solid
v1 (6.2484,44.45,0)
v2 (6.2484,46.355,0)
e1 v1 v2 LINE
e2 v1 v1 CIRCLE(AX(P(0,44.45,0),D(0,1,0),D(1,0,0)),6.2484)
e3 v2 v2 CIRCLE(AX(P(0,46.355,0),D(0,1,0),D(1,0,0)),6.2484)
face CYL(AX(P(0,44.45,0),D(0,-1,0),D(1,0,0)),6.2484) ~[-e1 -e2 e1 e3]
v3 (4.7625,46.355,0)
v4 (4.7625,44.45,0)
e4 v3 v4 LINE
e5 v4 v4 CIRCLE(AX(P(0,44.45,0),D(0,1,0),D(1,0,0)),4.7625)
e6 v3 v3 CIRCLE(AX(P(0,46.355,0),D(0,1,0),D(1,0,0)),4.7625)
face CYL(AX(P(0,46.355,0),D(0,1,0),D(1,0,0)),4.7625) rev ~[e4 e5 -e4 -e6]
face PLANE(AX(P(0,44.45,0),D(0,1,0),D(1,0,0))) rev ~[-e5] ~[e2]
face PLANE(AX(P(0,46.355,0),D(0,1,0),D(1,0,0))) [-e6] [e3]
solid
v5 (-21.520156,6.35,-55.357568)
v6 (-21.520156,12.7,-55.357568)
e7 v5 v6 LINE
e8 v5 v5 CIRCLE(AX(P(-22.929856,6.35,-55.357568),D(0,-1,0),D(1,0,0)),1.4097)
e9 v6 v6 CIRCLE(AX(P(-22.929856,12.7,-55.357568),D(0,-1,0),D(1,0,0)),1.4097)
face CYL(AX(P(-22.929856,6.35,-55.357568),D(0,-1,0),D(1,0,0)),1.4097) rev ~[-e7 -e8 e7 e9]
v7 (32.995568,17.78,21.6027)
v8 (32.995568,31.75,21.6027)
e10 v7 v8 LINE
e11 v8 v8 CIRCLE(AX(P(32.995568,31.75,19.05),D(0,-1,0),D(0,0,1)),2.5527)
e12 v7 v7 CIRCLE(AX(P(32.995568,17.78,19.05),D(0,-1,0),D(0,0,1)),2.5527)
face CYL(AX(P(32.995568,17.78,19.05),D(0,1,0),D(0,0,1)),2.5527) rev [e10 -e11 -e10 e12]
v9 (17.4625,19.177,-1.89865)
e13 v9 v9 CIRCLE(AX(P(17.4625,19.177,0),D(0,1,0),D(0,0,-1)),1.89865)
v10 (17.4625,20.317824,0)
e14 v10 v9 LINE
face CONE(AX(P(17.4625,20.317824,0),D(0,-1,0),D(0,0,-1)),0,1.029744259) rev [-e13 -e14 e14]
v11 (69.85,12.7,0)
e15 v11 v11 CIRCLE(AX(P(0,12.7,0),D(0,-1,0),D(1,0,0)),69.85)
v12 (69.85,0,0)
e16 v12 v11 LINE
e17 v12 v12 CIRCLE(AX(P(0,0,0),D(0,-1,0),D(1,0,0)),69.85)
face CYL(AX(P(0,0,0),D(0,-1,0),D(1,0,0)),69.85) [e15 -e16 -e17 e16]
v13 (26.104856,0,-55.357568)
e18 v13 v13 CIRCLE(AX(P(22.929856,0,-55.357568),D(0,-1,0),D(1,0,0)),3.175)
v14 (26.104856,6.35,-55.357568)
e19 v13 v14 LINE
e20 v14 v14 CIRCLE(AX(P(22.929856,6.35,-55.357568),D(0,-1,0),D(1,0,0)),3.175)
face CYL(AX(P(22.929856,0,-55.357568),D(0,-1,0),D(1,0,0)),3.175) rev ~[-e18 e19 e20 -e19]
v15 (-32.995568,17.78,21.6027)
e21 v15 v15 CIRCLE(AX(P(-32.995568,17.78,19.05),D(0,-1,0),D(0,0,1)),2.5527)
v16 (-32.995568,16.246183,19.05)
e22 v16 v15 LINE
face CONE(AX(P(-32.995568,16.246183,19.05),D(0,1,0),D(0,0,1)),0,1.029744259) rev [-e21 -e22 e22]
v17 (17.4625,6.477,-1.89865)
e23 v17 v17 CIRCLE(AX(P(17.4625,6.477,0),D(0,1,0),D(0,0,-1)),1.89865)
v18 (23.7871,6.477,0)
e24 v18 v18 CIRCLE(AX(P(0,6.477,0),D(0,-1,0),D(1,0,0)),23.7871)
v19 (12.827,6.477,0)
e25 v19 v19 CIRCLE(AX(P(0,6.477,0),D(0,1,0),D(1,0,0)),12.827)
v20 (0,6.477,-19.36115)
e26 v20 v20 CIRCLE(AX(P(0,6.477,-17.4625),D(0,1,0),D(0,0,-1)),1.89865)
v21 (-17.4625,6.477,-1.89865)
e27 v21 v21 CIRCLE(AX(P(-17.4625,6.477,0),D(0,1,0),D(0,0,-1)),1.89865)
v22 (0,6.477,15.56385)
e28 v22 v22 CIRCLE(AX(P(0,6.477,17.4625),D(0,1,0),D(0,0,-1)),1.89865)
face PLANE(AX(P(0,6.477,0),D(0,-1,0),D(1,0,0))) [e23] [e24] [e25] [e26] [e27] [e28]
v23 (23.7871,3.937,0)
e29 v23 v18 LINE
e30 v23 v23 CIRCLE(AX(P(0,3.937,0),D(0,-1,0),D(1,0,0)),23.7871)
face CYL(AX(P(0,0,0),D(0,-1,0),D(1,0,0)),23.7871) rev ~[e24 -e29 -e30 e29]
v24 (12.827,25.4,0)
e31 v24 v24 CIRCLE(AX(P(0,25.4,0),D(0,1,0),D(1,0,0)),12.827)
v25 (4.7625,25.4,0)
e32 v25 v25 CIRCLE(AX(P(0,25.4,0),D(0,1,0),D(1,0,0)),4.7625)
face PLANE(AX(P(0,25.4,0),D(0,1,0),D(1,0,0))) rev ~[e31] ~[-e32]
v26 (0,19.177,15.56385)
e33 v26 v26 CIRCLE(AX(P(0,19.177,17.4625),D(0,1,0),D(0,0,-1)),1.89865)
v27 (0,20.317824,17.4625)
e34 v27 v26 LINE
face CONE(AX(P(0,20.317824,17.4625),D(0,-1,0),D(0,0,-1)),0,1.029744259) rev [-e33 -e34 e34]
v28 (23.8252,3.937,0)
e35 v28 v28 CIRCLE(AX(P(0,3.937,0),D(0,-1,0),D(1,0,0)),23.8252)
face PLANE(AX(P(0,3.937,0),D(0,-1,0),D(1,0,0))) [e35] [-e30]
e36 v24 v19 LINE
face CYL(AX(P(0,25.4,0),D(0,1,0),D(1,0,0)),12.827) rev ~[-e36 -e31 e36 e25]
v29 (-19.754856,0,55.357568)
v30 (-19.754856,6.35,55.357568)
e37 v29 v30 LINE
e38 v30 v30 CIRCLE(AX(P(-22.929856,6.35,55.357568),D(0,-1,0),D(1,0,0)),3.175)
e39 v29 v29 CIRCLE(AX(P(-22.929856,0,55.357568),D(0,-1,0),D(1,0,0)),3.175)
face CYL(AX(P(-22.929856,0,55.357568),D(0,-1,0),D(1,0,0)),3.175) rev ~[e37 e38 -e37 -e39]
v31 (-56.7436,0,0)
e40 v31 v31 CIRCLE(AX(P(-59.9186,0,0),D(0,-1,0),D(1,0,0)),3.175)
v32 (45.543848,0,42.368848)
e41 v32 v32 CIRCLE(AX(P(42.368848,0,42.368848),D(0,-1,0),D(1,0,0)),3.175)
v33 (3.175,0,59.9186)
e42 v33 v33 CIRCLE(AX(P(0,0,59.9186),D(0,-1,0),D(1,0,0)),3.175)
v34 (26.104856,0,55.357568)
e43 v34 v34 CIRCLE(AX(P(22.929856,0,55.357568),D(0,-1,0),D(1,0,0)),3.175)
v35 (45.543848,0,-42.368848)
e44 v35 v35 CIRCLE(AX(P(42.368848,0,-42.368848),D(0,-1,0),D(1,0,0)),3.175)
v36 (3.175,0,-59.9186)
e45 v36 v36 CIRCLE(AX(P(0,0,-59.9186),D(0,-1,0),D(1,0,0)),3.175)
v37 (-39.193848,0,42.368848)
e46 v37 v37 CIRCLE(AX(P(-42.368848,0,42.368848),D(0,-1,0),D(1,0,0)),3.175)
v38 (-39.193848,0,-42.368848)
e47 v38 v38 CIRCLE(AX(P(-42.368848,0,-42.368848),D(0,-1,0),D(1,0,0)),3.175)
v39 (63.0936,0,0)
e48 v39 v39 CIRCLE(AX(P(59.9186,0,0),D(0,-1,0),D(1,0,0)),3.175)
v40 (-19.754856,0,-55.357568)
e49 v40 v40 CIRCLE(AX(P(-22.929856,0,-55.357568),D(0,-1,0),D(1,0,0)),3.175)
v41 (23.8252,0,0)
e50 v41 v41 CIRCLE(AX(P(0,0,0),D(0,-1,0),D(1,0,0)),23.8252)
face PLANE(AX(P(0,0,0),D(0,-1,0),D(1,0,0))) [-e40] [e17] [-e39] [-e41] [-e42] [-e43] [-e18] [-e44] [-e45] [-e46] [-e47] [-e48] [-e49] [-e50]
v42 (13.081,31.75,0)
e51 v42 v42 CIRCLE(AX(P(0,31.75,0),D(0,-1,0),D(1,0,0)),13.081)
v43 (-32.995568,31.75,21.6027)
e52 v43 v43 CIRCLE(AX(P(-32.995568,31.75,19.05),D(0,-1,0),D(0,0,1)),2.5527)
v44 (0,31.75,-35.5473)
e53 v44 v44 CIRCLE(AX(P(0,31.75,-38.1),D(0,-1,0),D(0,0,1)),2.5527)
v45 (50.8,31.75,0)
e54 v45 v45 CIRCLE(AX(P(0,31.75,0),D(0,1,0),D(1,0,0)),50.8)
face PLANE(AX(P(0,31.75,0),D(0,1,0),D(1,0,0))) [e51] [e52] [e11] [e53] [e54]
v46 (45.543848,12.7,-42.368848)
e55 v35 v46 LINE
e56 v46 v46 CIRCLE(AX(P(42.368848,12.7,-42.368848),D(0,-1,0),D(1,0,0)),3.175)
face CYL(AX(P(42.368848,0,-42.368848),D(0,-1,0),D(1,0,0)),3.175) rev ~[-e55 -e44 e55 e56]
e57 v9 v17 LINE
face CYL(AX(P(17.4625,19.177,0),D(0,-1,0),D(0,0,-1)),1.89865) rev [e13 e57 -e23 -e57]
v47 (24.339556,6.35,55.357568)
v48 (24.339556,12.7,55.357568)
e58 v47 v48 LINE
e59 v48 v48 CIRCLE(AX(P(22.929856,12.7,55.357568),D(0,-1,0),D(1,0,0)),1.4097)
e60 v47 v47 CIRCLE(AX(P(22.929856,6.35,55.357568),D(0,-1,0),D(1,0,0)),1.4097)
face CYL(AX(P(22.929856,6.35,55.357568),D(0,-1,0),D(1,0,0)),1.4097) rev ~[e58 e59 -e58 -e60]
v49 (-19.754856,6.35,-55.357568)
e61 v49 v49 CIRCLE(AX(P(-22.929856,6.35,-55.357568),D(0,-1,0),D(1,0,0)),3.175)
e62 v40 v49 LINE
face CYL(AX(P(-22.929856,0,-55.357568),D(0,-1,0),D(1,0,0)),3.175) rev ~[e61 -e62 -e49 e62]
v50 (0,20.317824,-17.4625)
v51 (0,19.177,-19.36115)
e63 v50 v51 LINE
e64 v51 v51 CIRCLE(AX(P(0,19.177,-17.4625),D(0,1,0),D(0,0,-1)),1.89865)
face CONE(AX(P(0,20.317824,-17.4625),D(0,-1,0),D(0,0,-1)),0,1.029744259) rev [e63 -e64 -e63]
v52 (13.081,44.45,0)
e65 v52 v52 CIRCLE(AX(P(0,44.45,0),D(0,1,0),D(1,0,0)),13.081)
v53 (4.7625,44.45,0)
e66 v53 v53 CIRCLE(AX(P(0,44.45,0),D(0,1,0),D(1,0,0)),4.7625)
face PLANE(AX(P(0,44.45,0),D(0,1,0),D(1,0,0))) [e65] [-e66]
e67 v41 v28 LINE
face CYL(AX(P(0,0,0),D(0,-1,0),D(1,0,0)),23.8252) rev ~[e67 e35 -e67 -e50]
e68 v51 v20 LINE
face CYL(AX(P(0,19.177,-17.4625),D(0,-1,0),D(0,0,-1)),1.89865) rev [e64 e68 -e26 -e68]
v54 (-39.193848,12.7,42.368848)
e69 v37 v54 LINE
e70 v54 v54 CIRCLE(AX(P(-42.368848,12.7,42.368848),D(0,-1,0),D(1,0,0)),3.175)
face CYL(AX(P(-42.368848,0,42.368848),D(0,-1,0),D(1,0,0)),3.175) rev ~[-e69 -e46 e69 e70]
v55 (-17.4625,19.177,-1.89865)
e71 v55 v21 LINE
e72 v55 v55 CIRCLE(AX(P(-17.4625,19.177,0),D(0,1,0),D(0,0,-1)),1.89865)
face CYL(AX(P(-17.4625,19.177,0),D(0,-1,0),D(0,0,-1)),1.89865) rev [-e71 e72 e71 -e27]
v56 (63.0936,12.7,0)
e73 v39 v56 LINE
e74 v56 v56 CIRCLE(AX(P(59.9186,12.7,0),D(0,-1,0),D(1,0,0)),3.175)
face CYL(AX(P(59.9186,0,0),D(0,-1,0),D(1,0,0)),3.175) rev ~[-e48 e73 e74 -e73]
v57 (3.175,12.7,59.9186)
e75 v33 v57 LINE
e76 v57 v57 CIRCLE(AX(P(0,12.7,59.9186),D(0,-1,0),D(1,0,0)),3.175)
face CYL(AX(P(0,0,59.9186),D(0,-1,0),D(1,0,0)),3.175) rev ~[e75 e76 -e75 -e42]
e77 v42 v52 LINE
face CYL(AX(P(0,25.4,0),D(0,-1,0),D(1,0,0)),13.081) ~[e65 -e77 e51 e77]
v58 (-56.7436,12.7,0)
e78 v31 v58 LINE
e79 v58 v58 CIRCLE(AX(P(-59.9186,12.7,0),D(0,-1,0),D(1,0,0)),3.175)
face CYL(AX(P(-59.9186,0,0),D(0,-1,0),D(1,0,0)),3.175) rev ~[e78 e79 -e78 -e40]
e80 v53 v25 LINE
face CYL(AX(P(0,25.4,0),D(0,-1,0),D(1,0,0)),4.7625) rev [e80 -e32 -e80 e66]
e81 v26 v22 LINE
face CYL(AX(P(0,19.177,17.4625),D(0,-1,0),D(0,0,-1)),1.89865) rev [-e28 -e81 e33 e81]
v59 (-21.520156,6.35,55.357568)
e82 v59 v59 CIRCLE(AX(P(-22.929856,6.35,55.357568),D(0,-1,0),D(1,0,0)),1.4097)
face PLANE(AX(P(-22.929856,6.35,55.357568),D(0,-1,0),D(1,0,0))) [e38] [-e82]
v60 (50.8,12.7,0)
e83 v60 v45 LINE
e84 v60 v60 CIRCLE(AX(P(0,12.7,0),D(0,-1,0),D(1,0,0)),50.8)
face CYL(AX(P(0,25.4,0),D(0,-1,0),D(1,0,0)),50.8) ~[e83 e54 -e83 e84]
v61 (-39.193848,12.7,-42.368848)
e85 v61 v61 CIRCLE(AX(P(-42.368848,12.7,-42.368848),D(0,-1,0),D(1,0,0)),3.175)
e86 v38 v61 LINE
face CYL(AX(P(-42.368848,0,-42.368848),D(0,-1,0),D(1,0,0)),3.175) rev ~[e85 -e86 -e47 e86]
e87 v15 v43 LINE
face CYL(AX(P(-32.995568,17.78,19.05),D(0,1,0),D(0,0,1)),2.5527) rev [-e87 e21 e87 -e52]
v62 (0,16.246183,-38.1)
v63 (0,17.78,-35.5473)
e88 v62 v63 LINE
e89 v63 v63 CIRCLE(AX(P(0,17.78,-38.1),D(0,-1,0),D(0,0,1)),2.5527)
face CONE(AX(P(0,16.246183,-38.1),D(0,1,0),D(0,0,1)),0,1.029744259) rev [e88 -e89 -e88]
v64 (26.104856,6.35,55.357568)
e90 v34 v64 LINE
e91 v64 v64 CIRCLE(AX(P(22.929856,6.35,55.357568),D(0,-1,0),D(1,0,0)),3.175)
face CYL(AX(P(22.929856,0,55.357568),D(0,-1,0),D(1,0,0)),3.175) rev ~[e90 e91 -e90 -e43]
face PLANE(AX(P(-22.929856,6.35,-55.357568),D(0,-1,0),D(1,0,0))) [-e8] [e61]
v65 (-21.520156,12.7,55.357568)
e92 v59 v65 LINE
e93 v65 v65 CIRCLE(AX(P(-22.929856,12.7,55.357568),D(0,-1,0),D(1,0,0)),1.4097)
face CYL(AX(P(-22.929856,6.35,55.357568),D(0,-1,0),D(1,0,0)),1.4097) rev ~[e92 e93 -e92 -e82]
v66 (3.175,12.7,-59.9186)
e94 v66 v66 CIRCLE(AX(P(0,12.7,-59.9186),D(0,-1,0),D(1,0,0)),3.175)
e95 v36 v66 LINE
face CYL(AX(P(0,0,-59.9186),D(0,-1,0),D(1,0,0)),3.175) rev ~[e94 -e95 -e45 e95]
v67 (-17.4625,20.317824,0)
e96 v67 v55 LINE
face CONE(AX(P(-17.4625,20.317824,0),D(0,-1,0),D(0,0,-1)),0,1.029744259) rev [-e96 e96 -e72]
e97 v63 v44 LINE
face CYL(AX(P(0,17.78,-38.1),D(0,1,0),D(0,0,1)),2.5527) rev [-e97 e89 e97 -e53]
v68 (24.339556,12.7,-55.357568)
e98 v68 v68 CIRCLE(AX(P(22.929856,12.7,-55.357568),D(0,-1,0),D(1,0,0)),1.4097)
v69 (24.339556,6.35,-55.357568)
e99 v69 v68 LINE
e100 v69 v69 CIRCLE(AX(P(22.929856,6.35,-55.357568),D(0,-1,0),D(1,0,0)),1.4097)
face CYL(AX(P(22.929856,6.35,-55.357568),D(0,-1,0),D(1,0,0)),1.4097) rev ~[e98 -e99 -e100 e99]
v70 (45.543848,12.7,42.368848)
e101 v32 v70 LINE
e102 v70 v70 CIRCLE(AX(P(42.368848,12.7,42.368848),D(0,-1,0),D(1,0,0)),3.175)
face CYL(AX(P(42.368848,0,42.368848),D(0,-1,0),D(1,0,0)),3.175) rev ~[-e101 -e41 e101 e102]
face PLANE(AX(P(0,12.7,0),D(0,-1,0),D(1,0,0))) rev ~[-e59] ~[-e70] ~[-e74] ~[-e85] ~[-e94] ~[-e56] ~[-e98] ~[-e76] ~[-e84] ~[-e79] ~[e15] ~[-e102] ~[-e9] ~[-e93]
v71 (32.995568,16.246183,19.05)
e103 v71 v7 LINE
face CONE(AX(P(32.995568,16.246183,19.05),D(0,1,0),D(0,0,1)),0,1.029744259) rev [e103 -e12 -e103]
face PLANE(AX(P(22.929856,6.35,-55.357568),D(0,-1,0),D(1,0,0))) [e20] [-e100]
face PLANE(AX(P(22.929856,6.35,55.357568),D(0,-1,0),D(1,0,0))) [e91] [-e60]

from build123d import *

# Parameters (mm, degrees)
SKETCH1_R                        = 50.8
BOSS_EXTRUDE1_DEPTH              = 25.4
SKETCH2_R                        = 69.85
SKETCH2_R_2                      = 50.8
BOSS_EXTRUDE2_DEPTH              = 12.7
CUT_EXTRUDE2_REACH               = 27.4
SKETCH4_R                        = 3.175
SKETCH5_R                        = 12.827
CUT_EXTRUDE3_DEPTH               = 19.05
CUT_EXTRUDE4_REACH               = 8.35
SKETCH6_R                        = 1.5875
SKETCH34_R                       = 13.081
SKETCH34_R_2                     = 4.7625
BOSS_EXTRUDE3_DEPTH              = 19.05
SKETCH40_R                       = 50.8
BOSS_EXTRUDE5_DEPTH              = 6.35
SKETCH38_R                       = 6.2484
BOSS_EXTRUDE4_DEPTH              = 1.905
SKETCH39_R                       = 4.7625
CUT_EXTRUDE7_DEPTH               = 6.35
SKETCH41_R                       = 4.7625
CUT_EXTRUDE8_DEPTH               = 6.35
SKETCH42_R                       = 23.7871
CUT_EXTRUDE9_DEPTH               = 6.477
F_10_24_TAPPED_HOLE1_AT_2_COUNT  = 2
F_10_24_TAPPED_HOLE1_AT_2_PITCH  = 24.695704333
F_10_24_TAPPED_HOLE1_AT_3_COUNT  = 2
F_10_24_TAPPED_HOLE1_AT_3_PITCH  = 34.925
F_10_24_TAPPED_HOLE1_AT_4_COUNT  = 2
F_10_24_TAPPED_HOLE1_AT_4_PITCH  = 24.695704333
SKETCH46_R                       = 3.175
CUT_EXTRUDE10_DEPTH              = 6.35
F_1_4_20_TAPPED_HOLE1_AT_2_COUNT = 2
F_1_4_20_TAPPED_HOLE1_AT_2_PITCH = 65.991135768
F_1_4_20_TAPPED_HOLE1_AT_3_COUNT = 2
F_1_4_20_TAPPED_HOLE1_AT_3_PITCH = 65.991135768
CUT_EXTRUDE11_START              = 6.477
SKETCH49_R                       = 23.8252
CUT_EXTRUDE11_DEPTH              = 3.937
SKETCH50_R                       = 1.4097
CUT_EXTRUDE12_DEPTH              = 41.005


with BuildPart() as part:
    # Sketch1 → Boss-Extrude1 (new body)
    with BuildSketch(Plane(origin=(0, 0, 0), x_dir=(1, 0, 0), z_dir=(0, 1, 0))):
        Circle(SKETCH1_R)
    extrude(amount=BOSS_EXTRUDE1_DEPTH)

    # Sketch2 → Boss-Extrude2 (add)
    with BuildSketch(Plane.XZ):
        Circle(SKETCH2_R)
        Circle(SKETCH2_R_2, mode=Mode.SUBTRACT)
    extrude(amount=-BOSS_EXTRUDE2_DEPTH)

    # Sketch4 → Cut-Extrude2 (cut, up to next)
    with BuildSketch(Plane.XZ, mode=Mode.PRIVATE) as cut_extrude2_sk1:
        with Locations((0, -59.9186)):
            Circle(SKETCH4_R)
    cut_extrude2_tool1 = extrude(cut_extrude2_sk1.sketch, amount=-CUT_EXTRUDE2_REACH, mode=Mode.PRIVATE) & part.part
    add(cut_extrude2_tool1.solids().sort_by_distance((0, 0, -59.9186))[0], mode=Mode.SUBTRACT)
    # Sketch4 → Cut-Extrude2 (cut, up to next)
    with BuildSketch(Plane.XZ, mode=Mode.PRIVATE) as cut_extrude2_sk2:
        with Locations((-42.368848379, -42.368848379)):
            Circle(SKETCH4_R)
    cut_extrude2_tool2 = extrude(cut_extrude2_sk2.sketch, amount=-CUT_EXTRUDE2_REACH, mode=Mode.PRIVATE) & part.part
    add(cut_extrude2_tool2.solids().sort_by_distance((-42.368848, 0, -42.368848))[0], mode=Mode.SUBTRACT)
    # Sketch4 → Cut-Extrude2 (cut, up to next)
    with BuildSketch(Plane.XZ, mode=Mode.PRIVATE) as cut_extrude2_sk3:
        with Locations((-59.9186, 0)):
            Circle(SKETCH4_R)
    cut_extrude2_tool3 = extrude(cut_extrude2_sk3.sketch, amount=-CUT_EXTRUDE2_REACH, mode=Mode.PRIVATE) & part.part
    add(cut_extrude2_tool3.solids().sort_by_distance((-59.9186, 0, 0))[0], mode=Mode.SUBTRACT)
    # Sketch4 → Cut-Extrude2 (cut, up to next)
    with BuildSketch(Plane.XZ, mode=Mode.PRIVATE) as cut_extrude2_sk4:
        with Locations((-42.368848379, 42.368848379)):
            Circle(SKETCH4_R)
    cut_extrude2_tool4 = extrude(cut_extrude2_sk4.sketch, amount=-CUT_EXTRUDE2_REACH, mode=Mode.PRIVATE) & part.part
    add(cut_extrude2_tool4.solids().sort_by_distance((-42.368848, 0, 42.368848))[0], mode=Mode.SUBTRACT)
    # Sketch4 → Cut-Extrude2 (cut, up to next)
    with BuildSketch(Plane.XZ, mode=Mode.PRIVATE) as cut_extrude2_sk5:
        with Locations((0, 59.9186)):
            Circle(SKETCH4_R)
    cut_extrude2_tool5 = extrude(cut_extrude2_sk5.sketch, amount=-CUT_EXTRUDE2_REACH, mode=Mode.PRIVATE) & part.part
    add(cut_extrude2_tool5.solids().sort_by_distance((0, 0, 59.9186))[0], mode=Mode.SUBTRACT)
    # Sketch4 → Cut-Extrude2 (cut, up to next)
    with BuildSketch(Plane.XZ, mode=Mode.PRIVATE) as cut_extrude2_sk6:
        with Locations((42.368848379, 42.368848379)):
            Circle(SKETCH4_R)
    cut_extrude2_tool6 = extrude(cut_extrude2_sk6.sketch, amount=-CUT_EXTRUDE2_REACH, mode=Mode.PRIVATE) & part.part
    add(cut_extrude2_tool6.solids().sort_by_distance((42.368848, 0, 42.368848))[0], mode=Mode.SUBTRACT)
    # Sketch4 → Cut-Extrude2 (cut, up to next)
    with BuildSketch(Plane.XZ, mode=Mode.PRIVATE) as cut_extrude2_sk7:
        with Locations((59.9186, 0)):
            Circle(SKETCH4_R)
    cut_extrude2_tool7 = extrude(cut_extrude2_sk7.sketch, amount=-CUT_EXTRUDE2_REACH, mode=Mode.PRIVATE) & part.part
    add(cut_extrude2_tool7.solids().sort_by_distance((59.9186, 0, 0))[0], mode=Mode.SUBTRACT)
    # Sketch4 → Cut-Extrude2 (cut, up to next)
    with BuildSketch(Plane.XZ, mode=Mode.PRIVATE) as cut_extrude2_sk8:
        with Locations((42.368848379, -42.368848379)):
            Circle(SKETCH4_R)
    cut_extrude2_tool8 = extrude(cut_extrude2_sk8.sketch, amount=-CUT_EXTRUDE2_REACH, mode=Mode.PRIVATE) & part.part
    add(cut_extrude2_tool8.solids().sort_by_distance((42.368848, 0, -42.368848))[0], mode=Mode.SUBTRACT)

    # Sketch5 → Cut-Extrude3 (cut)
    with BuildSketch(Plane(origin=(0, 25.4, 0), x_dir=(1, 0, 0), z_dir=(0, 1, 0))):
        Circle(SKETCH5_R)
    extrude(amount=-CUT_EXTRUDE3_DEPTH, mode=Mode.SUBTRACT)

    # Sketch6 → Cut-Extrude4 (cut, up to next)
    with BuildSketch(Plane(origin=(0, 6.35, 0), x_dir=(1, 0, 0), z_dir=(0, 1, 0)), mode=Mode.PRIVATE) as cut_extrude4_sk1:
        Circle(SKETCH6_R)
    cut_extrude4_tool1 = extrude(cut_extrude4_sk1.sketch, amount=-CUT_EXTRUDE4_REACH, mode=Mode.PRIVATE) & part.part
    add(cut_extrude4_tool1.solids().sort_by_distance((0, 6.35, 0))[0], mode=Mode.SUBTRACT)

    # Sketch34 → Boss-Extrude3 (add)
    with BuildSketch(Plane(origin=(0, 25.4, 0), x_dir=(1, 0, 0), z_dir=(0, 1, 0))):
        Circle(SKETCH34_R)
        Circle(SKETCH34_R_2, mode=Mode.SUBTRACT)
    extrude(amount=BOSS_EXTRUDE3_DEPTH)

    # Sketch40 → Boss-Extrude5 (add)
    with BuildSketch(Plane(origin=(0, 25.4, 0), x_dir=(1, 0, 0), z_dir=(0, 1, 0))):
        Circle(SKETCH40_R)
    extrude(amount=BOSS_EXTRUDE5_DEPTH)

    # Sketch41 → Cut-Extrude8 (cut)
    with BuildSketch(Plane(origin=(0, 31.75, 0), x_dir=(1, 0, 0), z_dir=(0, 1, 0))):
        Circle(SKETCH41_R)
    extrude(amount=-CUT_EXTRUDE8_DEPTH, mode=Mode.SUBTRACT)

    # Sketch42 → Cut-Extrude9 (cut)
    with BuildSketch(Plane.XZ):
        Circle(SKETCH42_R)
    extrude(amount=-CUT_EXTRUDE9_DEPTH, mode=Mode.SUBTRACT)

    # Sketch45 → #10-24 Tapped Hole1 (revolve, cut)
    with BuildSketch(Plane(origin=(0, 6.477, 17.4625), x_dir=(0, 0, -1), z_dir=(1, 0, 0))):
        Polygon((0, 0), (0, 13.840824014), (1.89865, 12.7), (1.89865, 0), align=None)
    f_10_24_tapped_hole1 = revolve(axis=Axis((0, 0.127, 17.4625), (0, 1, 0)), mode=Mode.SUBTRACT)

    # #10-24 Tapped Hole1 at 2: #10-24 Tapped Hole1 ×2
    with Locations(*[Vector(0.707106781, 0, -0.707106781) * (i * F_10_24_TAPPED_HOLE1_AT_2_PITCH) for i in range(1, F_10_24_TAPPED_HOLE1_AT_2_COUNT)]):
        add(f_10_24_tapped_hole1, mode=Mode.SUBTRACT)

    # #10-24 Tapped Hole1 at 3: #10-24 Tapped Hole1 ×2
    with Locations(*[(0, 0, -i * F_10_24_TAPPED_HOLE1_AT_3_PITCH) for i in range(1, F_10_24_TAPPED_HOLE1_AT_3_COUNT)]):
        add(f_10_24_tapped_hole1, mode=Mode.SUBTRACT)

    # #10-24 Tapped Hole1 at 4: #10-24 Tapped Hole1 ×2
    with Locations(*[Vector(-0.707106781, 0, -0.707106781) * (i * F_10_24_TAPPED_HOLE1_AT_4_PITCH) for i in range(1, F_10_24_TAPPED_HOLE1_AT_4_COUNT)]):
        add(f_10_24_tapped_hole1, mode=Mode.SUBTRACT)

    # Sketch46 → Cut-Extrude10 (cut)
    with BuildSketch(Plane.XZ):
        with Locations((-22.929855511, 55.357568157)):
            Circle(SKETCH46_R)
        with Locations((22.929855511, 55.357568157)):
            Circle(SKETCH46_R)
        with Locations((-22.929855511, -55.357568157)):
            Circle(SKETCH46_R)
        with Locations((22.929855511, -55.357568157)):
            Circle(SKETCH46_R)
    extrude(amount=-CUT_EXTRUDE10_DEPTH, mode=Mode.SUBTRACT)

    # Sketch48 → 1/4-20 Tapped Hole1 (revolve, cut)
    with BuildSketch(Plane(origin=(0, 31.75, -38.1), x_dir=(0, 0, 1), z_dir=(1, 0, 0))):
        Polygon((0, 0), (0, 15.503816902), (2.5527, 13.97), (2.5527, 0), align=None)
    f_1_4_20_tapped_hole1 = revolve(axis=Axis((0, 38.1, -38.1), (0, -1, 0)), mode=Mode.SUBTRACT)

    # 1/4-20 Tapped Hole1 at 2: 1/4-20 Tapped Hole1 ×2
    with Locations(*[Vector(0.5, 0, 0.866025404) * (i * F_1_4_20_TAPPED_HOLE1_AT_2_PITCH) for i in range(1, F_1_4_20_TAPPED_HOLE1_AT_2_COUNT)]):
        add(f_1_4_20_tapped_hole1, mode=Mode.SUBTRACT)

    # 1/4-20 Tapped Hole1 at 3: 1/4-20 Tapped Hole1 ×2
    with Locations(*[Vector(-0.5, 0, 0.866025404) * (i * F_1_4_20_TAPPED_HOLE1_AT_3_PITCH) for i in range(1, F_1_4_20_TAPPED_HOLE1_AT_3_COUNT)]):
        add(f_1_4_20_tapped_hole1, mode=Mode.SUBTRACT)

    # Sketch49 → Cut-Extrude11 (cut)
    with BuildSketch(Plane.XZ.offset(-6.477).offset(CUT_EXTRUDE11_START)):
        Circle(SKETCH49_R)
    extrude(amount=-CUT_EXTRUDE11_DEPTH, mode=Mode.SUBTRACT)

    # Sketch50 → Cut-Extrude12 (cut, through all)
    with BuildSketch(Plane.XZ.offset(-6.35)):
        with Locations((-22.929855511, 55.357568157)):
            Circle(SKETCH50_R)
        with Locations((22.929855511, 55.357568157)):
            Circle(SKETCH50_R)
        with Locations((-22.929855511, -55.357568157)):
            Circle(SKETCH50_R)
        with Locations((22.929855511, -55.357568157)):
            Circle(SKETCH50_R)
    extrude(amount=-CUT_EXTRUDE12_DEPTH, mode=Mode.SUBTRACT)


with BuildPart() as body_2:
    # Sketch38 → Boss-Extrude4 (new body)
    with BuildSketch(Plane(origin=(0, 44.45, 0), x_dir=(1, 0, 0), z_dir=(0, 1, 0))):
        Circle(SKETCH38_R)
    extrude(amount=BOSS_EXTRUDE4_DEPTH)

    # Sketch39 → Cut-Extrude7 (cut)
    with BuildSketch(Plane(origin=(0, 46.355, 0), x_dir=(1, 0, 0), z_dir=(0, 1, 0))):
        Circle(SKETCH39_R)
    extrude(amount=-CUT_EXTRUDE7_DEPTH, mode=Mode.SUBTRACT)


solid = Compound([part.part, body_2.part])
